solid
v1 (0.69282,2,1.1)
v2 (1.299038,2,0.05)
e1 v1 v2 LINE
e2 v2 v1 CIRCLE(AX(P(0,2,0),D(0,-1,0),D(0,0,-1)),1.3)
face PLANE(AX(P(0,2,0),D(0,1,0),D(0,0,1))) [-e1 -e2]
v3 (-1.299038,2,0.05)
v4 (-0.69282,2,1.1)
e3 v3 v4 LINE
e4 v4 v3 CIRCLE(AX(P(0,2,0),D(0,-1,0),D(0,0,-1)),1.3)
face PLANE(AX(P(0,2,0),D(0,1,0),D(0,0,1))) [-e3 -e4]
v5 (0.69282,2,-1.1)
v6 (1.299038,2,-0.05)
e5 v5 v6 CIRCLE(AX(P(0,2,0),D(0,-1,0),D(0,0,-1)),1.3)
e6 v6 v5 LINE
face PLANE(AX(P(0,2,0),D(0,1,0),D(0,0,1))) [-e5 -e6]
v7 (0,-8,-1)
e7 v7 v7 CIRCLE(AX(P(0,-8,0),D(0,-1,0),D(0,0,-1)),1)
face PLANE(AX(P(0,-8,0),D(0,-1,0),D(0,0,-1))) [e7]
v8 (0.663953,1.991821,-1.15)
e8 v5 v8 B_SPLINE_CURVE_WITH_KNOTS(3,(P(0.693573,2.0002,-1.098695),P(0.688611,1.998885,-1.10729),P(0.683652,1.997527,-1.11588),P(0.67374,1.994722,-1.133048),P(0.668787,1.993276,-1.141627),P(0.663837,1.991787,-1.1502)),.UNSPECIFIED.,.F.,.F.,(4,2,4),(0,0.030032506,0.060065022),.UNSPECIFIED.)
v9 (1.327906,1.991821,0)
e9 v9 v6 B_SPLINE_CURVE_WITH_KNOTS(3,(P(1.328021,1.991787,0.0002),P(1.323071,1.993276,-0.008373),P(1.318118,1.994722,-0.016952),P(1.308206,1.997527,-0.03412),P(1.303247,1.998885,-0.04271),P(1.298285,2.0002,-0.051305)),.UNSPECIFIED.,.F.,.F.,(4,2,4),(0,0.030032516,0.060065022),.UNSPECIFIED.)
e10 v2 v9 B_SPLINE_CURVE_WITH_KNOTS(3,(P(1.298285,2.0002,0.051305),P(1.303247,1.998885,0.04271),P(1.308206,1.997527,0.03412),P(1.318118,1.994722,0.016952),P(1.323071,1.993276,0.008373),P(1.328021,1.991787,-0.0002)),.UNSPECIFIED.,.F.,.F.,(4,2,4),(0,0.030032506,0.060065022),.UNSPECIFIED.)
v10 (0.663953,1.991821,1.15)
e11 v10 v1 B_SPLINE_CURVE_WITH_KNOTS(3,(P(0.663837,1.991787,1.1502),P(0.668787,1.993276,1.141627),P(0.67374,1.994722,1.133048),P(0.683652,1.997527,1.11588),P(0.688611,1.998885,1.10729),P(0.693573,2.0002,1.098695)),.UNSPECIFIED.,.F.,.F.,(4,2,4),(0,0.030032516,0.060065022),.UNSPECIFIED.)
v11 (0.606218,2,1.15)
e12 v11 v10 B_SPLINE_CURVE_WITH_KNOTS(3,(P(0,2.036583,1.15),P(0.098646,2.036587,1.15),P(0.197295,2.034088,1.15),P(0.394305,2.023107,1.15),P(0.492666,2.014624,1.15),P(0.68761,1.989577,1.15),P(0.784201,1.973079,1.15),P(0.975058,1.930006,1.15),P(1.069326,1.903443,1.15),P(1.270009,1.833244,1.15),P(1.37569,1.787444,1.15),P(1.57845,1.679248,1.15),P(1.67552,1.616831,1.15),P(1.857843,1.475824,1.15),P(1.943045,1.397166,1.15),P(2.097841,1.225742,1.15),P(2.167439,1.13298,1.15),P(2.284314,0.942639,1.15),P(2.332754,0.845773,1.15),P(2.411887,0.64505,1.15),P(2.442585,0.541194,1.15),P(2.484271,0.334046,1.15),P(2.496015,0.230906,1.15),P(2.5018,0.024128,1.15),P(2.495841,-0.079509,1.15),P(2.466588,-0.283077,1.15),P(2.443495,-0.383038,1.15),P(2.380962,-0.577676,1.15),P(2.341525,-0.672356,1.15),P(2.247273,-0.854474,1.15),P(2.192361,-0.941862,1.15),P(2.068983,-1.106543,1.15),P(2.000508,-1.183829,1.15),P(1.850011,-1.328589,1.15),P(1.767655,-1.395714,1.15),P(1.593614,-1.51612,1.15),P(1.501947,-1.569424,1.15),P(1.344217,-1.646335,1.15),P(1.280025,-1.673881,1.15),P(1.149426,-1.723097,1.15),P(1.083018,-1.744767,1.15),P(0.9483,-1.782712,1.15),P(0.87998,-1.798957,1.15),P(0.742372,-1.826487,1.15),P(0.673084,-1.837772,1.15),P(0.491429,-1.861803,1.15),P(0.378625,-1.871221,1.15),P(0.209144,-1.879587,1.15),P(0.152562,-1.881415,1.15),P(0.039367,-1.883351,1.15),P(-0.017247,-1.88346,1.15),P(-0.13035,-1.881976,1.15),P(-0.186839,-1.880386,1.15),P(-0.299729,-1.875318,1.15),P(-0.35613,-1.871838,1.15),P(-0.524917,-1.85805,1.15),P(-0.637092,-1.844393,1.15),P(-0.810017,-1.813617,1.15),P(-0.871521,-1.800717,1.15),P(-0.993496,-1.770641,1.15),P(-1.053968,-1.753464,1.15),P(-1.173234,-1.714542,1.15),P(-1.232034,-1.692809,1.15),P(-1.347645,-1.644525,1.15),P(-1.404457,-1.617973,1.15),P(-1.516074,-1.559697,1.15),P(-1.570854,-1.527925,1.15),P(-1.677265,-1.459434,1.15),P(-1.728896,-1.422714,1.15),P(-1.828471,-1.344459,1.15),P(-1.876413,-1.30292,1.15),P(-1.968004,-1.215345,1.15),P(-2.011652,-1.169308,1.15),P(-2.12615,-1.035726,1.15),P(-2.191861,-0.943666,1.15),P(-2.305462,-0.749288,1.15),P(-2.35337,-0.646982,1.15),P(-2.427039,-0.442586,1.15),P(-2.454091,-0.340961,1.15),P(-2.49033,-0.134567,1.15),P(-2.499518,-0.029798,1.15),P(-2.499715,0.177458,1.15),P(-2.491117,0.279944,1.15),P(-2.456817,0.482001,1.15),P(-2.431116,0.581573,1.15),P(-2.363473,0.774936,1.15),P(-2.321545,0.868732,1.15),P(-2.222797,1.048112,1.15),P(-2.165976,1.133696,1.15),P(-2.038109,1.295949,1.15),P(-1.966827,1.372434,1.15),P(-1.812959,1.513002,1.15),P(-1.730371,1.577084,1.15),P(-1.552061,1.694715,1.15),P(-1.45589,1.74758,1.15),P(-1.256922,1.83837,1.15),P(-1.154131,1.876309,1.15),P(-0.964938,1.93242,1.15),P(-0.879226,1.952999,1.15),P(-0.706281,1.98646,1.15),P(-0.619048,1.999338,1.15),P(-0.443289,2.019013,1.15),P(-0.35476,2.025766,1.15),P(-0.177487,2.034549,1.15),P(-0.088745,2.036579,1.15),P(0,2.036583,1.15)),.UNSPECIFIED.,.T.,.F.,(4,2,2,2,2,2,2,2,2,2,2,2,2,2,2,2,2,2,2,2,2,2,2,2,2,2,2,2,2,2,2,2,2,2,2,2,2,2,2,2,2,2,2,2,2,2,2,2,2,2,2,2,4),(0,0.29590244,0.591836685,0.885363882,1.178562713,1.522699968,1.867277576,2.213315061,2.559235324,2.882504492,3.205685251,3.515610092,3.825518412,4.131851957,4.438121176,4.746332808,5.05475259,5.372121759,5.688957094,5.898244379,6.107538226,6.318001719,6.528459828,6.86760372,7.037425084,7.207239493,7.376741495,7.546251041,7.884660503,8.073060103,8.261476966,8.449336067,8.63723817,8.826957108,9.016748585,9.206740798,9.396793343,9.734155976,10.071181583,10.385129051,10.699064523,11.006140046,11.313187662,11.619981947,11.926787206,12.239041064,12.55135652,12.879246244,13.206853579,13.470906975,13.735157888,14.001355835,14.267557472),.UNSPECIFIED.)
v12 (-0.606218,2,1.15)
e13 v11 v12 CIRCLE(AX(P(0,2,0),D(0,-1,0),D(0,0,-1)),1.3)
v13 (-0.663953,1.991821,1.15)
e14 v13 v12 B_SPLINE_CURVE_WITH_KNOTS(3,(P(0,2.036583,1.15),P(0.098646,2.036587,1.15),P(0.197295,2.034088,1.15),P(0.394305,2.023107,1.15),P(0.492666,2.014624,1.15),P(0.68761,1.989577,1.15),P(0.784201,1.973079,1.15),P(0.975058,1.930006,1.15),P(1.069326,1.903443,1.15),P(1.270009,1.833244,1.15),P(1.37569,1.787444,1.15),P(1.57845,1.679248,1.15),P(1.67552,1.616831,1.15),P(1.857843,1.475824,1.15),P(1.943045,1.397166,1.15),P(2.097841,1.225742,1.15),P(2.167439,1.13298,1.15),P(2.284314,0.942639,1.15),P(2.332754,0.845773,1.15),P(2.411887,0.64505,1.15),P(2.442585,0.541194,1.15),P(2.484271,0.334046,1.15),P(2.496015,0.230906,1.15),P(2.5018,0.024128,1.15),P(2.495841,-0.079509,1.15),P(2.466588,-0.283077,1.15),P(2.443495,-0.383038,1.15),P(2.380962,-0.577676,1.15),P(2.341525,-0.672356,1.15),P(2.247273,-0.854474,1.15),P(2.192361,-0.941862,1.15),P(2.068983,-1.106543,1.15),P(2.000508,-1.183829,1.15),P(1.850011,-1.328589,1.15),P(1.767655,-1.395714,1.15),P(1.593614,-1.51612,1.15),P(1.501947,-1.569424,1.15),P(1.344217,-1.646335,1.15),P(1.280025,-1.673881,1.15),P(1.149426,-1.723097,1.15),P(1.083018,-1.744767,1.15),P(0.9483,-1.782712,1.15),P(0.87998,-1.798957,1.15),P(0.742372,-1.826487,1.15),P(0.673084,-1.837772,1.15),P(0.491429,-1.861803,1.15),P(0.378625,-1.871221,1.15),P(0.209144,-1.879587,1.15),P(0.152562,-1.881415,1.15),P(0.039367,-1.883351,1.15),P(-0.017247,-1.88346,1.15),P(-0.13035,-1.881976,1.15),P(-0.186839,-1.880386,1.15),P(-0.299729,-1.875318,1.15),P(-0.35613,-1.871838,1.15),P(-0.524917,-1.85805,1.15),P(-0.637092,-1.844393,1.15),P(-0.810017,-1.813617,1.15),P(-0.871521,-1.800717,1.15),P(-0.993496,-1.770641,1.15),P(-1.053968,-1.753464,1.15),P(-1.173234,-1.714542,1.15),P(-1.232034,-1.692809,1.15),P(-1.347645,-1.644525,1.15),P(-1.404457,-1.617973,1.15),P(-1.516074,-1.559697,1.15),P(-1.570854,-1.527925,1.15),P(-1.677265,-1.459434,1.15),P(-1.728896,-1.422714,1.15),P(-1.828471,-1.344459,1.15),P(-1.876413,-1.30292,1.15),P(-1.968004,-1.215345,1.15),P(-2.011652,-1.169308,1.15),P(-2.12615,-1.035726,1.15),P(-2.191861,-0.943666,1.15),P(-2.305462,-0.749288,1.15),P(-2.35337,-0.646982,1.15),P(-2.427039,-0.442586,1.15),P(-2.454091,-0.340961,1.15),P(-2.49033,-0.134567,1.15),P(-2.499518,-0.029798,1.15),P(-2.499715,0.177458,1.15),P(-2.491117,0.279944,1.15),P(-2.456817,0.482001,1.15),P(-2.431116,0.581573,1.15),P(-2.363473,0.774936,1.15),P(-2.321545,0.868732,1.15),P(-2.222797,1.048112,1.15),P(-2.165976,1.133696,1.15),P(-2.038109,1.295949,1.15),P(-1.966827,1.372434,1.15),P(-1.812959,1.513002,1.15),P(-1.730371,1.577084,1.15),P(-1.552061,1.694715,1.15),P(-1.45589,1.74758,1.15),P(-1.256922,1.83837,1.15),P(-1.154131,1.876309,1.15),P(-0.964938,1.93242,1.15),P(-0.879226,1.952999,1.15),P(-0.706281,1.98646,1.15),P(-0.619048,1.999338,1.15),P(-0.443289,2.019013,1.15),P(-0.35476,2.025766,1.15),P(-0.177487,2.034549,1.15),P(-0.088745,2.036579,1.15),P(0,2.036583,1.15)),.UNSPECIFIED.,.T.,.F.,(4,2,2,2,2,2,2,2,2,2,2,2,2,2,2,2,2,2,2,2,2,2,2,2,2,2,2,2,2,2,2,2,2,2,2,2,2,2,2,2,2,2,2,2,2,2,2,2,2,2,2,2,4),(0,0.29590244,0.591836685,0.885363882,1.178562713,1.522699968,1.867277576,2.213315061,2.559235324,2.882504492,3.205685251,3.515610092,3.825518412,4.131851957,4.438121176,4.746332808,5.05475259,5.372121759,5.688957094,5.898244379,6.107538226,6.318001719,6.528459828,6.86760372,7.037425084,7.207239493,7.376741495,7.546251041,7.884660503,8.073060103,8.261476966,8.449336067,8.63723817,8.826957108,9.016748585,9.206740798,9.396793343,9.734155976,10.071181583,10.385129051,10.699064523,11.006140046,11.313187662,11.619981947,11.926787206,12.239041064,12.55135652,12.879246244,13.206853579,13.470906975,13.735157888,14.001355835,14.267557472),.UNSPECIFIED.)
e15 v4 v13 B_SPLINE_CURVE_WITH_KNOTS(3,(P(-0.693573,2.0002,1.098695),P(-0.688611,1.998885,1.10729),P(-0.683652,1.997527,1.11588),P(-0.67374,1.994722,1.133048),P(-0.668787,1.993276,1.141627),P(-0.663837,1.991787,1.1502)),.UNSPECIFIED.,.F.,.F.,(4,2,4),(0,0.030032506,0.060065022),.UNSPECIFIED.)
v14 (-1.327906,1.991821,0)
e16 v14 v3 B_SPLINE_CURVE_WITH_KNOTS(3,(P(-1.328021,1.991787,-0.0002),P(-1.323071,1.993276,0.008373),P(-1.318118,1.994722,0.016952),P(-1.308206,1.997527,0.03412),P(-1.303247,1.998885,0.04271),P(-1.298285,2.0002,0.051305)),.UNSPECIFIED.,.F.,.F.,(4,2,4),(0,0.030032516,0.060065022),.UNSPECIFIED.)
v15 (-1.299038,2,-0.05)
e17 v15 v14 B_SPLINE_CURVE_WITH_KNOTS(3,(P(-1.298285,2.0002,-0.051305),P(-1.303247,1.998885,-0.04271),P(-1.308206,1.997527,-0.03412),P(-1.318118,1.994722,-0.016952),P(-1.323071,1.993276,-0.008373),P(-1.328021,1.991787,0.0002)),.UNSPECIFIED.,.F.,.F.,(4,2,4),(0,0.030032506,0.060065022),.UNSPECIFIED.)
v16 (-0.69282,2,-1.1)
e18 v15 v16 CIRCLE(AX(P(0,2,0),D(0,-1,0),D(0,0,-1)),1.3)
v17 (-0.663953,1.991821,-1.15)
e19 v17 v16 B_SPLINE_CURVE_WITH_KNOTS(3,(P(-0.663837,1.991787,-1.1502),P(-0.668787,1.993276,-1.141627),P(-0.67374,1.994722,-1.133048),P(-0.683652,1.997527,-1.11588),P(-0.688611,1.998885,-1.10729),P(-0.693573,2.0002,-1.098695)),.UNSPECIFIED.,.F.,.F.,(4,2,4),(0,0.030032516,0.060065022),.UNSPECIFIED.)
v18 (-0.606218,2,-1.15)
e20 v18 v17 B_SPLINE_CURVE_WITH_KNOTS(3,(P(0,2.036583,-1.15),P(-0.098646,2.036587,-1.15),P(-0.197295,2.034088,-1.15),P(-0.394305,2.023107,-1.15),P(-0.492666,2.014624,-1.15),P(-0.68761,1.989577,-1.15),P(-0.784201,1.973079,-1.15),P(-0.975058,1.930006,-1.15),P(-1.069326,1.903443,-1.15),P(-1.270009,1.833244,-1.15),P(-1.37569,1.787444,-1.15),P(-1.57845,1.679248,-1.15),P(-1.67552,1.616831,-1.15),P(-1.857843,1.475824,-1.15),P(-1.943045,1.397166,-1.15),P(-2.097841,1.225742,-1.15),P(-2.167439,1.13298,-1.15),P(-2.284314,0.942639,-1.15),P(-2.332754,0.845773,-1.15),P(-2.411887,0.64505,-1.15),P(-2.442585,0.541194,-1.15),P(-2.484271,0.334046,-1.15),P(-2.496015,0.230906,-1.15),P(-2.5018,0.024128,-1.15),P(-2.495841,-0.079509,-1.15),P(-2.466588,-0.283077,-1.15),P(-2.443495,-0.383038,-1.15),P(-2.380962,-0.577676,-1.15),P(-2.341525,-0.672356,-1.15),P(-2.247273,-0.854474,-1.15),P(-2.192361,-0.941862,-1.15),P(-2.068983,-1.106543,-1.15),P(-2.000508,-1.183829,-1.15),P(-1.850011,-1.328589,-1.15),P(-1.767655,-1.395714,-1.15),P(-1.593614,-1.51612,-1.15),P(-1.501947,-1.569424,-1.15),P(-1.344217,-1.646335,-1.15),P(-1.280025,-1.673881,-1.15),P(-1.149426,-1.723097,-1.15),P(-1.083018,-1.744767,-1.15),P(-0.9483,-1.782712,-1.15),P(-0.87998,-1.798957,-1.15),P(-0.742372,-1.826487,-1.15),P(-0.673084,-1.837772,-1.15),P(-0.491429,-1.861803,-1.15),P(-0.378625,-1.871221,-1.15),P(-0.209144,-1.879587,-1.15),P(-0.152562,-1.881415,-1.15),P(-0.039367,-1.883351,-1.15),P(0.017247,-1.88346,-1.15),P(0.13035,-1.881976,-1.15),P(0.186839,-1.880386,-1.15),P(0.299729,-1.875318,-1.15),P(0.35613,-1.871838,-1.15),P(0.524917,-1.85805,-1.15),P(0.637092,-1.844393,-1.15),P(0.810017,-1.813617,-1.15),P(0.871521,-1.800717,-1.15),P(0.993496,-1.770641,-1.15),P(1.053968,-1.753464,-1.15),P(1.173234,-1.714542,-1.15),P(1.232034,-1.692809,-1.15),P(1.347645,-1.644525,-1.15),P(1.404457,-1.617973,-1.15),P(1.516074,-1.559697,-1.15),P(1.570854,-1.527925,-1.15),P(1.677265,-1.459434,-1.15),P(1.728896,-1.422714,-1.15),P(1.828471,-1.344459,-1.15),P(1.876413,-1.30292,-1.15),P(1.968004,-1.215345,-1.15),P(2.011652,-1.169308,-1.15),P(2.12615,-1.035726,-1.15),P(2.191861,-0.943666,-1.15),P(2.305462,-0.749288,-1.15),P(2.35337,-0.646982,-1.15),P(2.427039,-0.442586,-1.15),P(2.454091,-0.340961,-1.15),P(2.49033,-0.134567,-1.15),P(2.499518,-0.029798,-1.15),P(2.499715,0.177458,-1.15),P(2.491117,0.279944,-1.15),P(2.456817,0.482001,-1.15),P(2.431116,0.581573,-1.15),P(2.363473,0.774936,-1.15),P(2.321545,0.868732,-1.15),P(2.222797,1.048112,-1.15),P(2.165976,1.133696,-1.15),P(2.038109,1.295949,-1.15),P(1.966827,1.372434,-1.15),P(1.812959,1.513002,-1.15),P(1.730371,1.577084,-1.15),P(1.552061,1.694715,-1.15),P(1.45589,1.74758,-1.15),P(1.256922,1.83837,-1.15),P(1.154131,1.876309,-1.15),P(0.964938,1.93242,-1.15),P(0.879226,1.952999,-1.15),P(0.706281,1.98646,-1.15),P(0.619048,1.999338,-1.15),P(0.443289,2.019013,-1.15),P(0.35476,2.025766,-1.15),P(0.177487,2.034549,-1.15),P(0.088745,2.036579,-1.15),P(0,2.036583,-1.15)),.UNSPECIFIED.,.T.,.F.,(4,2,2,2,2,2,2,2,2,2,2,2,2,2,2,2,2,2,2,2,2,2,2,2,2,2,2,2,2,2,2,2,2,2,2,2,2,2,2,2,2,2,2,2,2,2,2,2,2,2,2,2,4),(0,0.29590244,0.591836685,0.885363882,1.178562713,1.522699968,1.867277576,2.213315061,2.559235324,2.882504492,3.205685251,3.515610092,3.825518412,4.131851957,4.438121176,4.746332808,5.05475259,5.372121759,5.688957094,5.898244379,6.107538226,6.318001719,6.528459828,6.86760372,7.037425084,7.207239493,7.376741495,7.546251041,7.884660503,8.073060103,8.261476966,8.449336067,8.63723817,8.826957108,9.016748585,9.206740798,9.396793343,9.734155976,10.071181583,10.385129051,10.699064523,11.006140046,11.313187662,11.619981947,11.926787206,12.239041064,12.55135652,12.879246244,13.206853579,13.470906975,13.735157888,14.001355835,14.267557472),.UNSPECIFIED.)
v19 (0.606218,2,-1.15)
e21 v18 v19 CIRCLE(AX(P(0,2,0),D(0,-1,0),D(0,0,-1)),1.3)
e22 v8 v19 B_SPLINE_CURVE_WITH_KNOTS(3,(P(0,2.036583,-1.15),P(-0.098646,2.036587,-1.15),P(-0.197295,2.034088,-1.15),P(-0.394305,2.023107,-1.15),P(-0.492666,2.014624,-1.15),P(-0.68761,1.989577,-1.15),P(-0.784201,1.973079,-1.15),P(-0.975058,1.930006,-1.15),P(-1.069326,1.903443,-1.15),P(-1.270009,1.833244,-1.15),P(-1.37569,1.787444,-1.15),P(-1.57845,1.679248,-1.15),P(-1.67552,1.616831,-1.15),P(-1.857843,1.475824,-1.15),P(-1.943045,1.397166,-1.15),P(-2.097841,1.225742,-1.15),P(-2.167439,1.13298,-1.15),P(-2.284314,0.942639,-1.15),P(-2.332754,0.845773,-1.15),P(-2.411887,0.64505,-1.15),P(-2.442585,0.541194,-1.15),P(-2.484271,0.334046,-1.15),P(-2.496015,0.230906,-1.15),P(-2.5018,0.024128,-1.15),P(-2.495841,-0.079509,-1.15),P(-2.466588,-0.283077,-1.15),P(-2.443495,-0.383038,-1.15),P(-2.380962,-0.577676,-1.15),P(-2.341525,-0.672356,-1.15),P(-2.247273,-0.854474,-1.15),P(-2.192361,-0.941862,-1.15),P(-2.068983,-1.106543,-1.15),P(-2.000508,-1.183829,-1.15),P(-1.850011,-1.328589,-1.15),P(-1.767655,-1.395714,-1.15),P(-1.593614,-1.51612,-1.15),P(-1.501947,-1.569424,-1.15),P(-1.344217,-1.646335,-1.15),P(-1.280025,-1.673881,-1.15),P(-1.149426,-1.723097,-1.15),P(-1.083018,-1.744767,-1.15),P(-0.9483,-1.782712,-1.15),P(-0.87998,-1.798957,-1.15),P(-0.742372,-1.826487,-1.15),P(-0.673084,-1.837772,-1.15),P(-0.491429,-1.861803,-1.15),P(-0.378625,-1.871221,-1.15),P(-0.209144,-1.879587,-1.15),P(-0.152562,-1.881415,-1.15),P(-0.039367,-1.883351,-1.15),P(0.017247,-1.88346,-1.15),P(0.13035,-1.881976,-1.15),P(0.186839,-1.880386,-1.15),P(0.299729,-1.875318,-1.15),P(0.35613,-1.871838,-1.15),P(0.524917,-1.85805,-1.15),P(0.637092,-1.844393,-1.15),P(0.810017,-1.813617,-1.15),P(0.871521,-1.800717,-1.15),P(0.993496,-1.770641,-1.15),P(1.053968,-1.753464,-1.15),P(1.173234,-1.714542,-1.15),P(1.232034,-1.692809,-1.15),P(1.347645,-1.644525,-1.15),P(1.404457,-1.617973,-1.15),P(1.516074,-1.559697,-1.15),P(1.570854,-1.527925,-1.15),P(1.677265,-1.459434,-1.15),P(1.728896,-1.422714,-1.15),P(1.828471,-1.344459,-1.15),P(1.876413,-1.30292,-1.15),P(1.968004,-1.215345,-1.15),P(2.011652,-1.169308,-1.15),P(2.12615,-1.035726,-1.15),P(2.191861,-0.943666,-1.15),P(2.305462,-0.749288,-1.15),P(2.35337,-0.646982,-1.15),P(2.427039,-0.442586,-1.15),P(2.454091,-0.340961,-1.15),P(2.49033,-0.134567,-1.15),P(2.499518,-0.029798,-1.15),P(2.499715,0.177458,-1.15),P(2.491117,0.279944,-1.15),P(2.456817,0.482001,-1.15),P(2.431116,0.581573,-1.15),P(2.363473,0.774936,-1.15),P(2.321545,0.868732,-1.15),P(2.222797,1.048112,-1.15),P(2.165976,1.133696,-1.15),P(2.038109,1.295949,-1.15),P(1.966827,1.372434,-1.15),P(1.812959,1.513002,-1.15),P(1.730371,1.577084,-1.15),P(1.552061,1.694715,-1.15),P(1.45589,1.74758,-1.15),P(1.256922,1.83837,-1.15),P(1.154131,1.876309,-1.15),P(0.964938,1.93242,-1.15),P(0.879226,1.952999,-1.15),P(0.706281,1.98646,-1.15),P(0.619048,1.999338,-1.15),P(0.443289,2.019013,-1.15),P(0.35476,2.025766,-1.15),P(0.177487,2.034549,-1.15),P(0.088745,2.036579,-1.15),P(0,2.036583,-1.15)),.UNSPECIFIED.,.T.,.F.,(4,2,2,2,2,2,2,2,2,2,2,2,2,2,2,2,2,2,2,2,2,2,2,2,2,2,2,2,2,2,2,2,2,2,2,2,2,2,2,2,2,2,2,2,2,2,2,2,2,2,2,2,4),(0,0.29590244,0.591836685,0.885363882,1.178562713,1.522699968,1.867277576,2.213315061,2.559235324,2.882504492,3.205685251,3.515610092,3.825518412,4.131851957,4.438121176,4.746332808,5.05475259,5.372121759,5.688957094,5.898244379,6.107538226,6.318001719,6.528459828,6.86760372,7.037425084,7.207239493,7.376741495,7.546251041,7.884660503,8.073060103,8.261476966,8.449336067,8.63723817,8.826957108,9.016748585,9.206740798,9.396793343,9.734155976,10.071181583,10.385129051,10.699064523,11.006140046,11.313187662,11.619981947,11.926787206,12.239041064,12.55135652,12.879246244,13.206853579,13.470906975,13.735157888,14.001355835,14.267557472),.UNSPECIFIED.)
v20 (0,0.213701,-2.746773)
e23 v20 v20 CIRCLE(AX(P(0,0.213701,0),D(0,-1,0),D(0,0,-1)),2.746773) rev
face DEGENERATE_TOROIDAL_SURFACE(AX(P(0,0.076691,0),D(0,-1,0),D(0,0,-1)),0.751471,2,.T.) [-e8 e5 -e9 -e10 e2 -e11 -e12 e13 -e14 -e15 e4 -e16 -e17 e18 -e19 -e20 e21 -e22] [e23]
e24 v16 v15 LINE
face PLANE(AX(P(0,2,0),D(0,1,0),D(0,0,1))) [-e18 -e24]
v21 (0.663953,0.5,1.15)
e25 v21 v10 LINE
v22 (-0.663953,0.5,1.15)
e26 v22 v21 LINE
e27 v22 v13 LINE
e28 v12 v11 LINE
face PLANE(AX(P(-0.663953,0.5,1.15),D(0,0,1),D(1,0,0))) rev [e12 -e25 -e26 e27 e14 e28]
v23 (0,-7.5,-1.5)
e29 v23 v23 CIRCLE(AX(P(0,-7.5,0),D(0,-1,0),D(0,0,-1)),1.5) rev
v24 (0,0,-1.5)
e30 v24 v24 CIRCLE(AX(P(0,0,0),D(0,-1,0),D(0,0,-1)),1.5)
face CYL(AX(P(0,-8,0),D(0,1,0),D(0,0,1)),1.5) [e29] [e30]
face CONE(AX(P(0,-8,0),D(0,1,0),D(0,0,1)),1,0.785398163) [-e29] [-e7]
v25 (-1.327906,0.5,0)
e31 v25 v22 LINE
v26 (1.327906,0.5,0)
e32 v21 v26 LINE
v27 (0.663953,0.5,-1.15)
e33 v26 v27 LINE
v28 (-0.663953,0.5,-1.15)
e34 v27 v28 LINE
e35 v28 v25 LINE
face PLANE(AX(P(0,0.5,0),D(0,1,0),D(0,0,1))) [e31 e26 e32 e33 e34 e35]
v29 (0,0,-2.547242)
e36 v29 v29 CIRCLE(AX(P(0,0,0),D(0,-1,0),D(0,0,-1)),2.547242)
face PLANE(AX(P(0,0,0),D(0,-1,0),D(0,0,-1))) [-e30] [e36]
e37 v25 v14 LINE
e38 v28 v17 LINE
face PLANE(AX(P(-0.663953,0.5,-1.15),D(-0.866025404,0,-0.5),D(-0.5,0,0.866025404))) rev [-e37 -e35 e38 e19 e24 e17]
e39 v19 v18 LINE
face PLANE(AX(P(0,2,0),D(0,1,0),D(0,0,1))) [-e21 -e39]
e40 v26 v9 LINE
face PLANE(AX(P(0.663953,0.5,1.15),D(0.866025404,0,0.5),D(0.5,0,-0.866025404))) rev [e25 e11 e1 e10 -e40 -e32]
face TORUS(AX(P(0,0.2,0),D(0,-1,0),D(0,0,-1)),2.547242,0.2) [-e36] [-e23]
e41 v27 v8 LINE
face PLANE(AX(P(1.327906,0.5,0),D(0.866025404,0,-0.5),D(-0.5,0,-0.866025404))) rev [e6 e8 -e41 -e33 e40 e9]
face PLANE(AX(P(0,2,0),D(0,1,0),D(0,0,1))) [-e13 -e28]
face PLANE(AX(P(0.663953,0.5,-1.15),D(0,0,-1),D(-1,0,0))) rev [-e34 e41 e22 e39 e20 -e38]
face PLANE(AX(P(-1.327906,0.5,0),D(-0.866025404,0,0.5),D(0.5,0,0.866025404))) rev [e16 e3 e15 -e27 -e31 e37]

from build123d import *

# Parameters (mm, degrees)
FILLET_1_R          = 0.2
CUT_EXTRUDE_1_DEPTH = 1.5
SKETCH_3_R          = 1.5
EXTRUDE_1_DEPTH     = 8
CHAMFER_1_SIZE      = 0.5


with BuildPart() as part:
    # 草图1 → 旋转1 (revolve)
    with BuildSketch(Plane.XY):
        with BuildLine():
            Line((0, 0), (0, 2))
            Line((0, 2), (1.3, 2))
            ThreePointArc((1.3, 2), (2.370691821, 1.250626571), (2.75, 0))
            Line((2.75, 0), (0, 0))
        make_face()
    revolve(axis=Axis((0, 0, 0), (0, 1, 0)))

    # 圆角1
    fillet_1_edges = [part.edges().sort_by_distance(p)[0] for p in [
        (-2.75, 0, 0),
    ]]
    fillet(fillet_1_edges, radius=FILLET_1_R)

    # 草图2 → 切除-拉伸1 (cut)
    with BuildSketch(Plane(origin=(0, 2, 0), x_dir=(1, 0, 0), z_dir=(0, 1, 0))):
        Polygon((1.327905619, 0), (0.66395281, 1.15), (-0.66395281, 1.15), (-1.327905619, 0), (-0.66395281, -1.15), (0.66395281, -1.15), align=None)
    extrude(amount=-CUT_EXTRUDE_1_DEPTH, mode=Mode.SUBTRACT)

    # 草图3 → 凸台-拉伸1 (add)
    with BuildSketch(Plane.XZ):
        Circle(SKETCH_3_R)
    extrude(amount=EXTRUDE_1_DEPTH)

    # 倒角1
    chamfer_1_edges = [part.edges().sort_by_distance(p)[0] for p in [
        (-1.5, -8, 0),
    ]]
    chamfer(chamfer_1_edges, length=CHAMFER_1_SIZE)


solid = part.part
